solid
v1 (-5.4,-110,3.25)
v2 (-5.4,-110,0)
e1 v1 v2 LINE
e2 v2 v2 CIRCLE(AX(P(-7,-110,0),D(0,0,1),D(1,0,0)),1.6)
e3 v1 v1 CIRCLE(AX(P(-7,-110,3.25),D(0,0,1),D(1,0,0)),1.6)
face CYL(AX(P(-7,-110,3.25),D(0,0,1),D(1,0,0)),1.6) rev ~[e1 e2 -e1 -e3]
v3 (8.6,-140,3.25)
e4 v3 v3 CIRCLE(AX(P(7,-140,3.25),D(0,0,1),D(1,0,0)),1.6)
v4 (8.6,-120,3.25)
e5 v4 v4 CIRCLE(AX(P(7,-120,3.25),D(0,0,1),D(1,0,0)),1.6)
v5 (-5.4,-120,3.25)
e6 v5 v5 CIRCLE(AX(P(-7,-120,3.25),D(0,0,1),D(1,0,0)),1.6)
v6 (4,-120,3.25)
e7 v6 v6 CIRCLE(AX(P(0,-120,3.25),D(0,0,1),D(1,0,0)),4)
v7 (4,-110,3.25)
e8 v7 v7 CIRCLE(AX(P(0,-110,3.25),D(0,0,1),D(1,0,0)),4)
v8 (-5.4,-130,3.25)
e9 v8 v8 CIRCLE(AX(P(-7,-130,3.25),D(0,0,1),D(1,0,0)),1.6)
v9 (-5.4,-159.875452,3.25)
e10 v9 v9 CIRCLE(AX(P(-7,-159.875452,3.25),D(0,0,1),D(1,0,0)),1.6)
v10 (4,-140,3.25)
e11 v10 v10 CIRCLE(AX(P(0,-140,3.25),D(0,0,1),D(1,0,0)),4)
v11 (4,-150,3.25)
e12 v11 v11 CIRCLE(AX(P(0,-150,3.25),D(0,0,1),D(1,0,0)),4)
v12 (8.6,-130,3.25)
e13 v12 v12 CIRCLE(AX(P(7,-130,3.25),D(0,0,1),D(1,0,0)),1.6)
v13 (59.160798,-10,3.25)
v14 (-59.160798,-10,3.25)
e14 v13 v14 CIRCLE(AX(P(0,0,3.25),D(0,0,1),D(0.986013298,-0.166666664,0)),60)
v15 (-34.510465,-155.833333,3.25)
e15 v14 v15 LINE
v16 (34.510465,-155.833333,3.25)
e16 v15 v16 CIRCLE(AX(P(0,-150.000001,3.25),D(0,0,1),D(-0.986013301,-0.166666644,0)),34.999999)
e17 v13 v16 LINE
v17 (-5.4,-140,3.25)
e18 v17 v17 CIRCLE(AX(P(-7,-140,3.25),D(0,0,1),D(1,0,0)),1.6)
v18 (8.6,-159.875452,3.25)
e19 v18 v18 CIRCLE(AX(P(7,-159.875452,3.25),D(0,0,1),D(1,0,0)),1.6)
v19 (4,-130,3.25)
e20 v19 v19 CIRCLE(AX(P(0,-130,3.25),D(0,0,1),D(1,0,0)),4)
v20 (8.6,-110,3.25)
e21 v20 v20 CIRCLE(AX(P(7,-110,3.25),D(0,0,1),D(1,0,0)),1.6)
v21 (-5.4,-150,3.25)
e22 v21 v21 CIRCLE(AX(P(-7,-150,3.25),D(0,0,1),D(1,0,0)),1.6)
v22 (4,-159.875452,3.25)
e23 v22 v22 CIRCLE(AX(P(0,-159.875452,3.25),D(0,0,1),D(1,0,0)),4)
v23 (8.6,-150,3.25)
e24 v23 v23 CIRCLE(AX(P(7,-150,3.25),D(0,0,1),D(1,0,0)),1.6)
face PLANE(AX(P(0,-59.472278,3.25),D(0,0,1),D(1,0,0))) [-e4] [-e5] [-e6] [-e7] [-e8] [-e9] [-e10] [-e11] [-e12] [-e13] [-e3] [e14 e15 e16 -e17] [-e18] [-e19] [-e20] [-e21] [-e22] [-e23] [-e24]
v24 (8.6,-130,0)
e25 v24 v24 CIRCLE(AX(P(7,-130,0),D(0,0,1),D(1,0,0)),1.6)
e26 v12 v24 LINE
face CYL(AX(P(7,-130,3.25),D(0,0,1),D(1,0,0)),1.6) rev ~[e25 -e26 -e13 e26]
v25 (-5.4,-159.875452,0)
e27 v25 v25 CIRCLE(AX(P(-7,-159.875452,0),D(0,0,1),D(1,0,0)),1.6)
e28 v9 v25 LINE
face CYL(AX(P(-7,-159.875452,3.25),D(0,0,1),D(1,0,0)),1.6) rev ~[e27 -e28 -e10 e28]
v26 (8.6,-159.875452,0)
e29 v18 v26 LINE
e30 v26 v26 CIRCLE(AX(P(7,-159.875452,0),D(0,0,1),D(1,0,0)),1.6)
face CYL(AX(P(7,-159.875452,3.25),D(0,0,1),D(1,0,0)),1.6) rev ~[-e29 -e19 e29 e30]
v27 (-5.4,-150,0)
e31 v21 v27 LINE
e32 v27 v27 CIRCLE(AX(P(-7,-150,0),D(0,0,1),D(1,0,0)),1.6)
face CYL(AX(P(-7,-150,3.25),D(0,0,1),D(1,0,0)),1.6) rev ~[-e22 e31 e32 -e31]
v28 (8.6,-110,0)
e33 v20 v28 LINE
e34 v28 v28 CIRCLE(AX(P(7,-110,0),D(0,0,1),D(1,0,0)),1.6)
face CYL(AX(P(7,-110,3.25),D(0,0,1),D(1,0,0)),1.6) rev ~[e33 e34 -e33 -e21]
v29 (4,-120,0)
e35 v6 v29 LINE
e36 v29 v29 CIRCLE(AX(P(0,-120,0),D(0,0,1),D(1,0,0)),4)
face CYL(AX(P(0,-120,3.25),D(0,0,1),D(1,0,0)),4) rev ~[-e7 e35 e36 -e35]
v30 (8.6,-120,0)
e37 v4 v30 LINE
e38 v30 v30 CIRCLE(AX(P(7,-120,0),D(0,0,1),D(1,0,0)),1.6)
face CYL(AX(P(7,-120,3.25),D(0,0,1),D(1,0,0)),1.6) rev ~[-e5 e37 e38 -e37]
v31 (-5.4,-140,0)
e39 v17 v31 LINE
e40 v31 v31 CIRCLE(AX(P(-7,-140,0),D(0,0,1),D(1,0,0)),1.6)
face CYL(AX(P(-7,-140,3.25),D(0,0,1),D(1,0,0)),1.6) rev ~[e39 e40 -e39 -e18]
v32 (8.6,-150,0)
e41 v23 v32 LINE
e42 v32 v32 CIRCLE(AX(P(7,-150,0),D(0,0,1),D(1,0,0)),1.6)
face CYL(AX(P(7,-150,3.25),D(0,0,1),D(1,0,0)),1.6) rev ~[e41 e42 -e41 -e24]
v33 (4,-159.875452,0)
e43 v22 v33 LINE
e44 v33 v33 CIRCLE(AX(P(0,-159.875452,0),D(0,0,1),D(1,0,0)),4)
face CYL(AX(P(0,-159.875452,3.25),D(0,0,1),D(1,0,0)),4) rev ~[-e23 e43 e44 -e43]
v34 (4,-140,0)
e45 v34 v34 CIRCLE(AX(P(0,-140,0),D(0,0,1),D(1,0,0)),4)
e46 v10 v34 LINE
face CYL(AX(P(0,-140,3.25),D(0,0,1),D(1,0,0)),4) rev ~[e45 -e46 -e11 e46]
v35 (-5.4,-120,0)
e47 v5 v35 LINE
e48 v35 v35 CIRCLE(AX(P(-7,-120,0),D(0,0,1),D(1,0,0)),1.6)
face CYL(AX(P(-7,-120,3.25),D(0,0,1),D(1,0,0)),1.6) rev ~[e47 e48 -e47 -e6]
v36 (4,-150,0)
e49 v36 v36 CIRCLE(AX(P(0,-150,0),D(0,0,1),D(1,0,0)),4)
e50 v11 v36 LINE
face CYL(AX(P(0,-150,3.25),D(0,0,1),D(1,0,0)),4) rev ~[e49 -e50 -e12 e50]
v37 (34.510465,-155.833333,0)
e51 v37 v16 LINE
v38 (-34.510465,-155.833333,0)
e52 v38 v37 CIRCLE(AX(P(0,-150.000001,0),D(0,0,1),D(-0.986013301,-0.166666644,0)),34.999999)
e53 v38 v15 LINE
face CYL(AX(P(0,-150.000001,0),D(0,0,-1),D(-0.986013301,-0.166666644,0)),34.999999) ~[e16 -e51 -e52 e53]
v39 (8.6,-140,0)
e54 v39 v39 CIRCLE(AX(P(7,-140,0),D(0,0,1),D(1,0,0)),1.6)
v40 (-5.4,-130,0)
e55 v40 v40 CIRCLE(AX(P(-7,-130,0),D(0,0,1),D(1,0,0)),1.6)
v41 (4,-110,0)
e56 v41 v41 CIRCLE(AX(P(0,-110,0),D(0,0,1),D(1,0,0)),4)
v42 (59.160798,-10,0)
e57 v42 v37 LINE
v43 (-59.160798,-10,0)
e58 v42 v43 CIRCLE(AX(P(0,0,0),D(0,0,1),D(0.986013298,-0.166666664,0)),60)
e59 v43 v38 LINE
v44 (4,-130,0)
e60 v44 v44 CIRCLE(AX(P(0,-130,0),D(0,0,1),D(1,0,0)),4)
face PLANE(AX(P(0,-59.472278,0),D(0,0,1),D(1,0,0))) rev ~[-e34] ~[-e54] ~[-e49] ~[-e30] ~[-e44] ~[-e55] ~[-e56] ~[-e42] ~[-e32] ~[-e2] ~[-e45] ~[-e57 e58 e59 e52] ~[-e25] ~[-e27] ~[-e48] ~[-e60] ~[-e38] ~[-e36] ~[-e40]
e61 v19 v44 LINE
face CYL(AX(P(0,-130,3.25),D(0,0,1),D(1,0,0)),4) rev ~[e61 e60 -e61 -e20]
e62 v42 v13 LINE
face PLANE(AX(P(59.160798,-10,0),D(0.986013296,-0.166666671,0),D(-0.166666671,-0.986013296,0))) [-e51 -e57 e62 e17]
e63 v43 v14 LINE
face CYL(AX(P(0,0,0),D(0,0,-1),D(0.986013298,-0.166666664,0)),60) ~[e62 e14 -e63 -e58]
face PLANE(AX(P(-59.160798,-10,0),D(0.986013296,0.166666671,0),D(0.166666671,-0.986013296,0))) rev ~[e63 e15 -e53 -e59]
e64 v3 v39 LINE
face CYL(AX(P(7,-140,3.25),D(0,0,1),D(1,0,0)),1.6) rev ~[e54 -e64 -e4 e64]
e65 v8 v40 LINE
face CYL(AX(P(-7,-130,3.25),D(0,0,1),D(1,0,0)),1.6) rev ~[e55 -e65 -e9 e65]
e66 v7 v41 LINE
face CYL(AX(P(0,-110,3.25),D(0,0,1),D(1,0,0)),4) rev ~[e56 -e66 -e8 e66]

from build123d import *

# Parameters (mm, degrees)
PAD_DEPTH     = 3.25
SKETCH001_R   = 4
SKETCH001_R_2 = 1.6
POCKET_DEPTH  = 3.5


with BuildPart() as part:
    # Sketch → Pad (new body)
    with BuildSketch(Plane.XY):
        with BuildLine():
            ThreePointArc((59.160798, -10), (0, 60), (-59.160798, -10))
            Line((-59.160798, -10), (-34.510465, -155.833333))
            ThreePointArc((-34.510465, -155.833333), (0, -185), (34.510465, -155.833333))
            Line((59.160798, -10), (34.510465, -155.833333))
        make_face()
    extrude(amount=PAD_DEPTH)

    # Sketch001 (on Face6 of Pad) → Pocket (cut)
    with BuildSketch(Plane.XY.offset(3.25)):
        with Locations((0, -150)):
            Circle(SKETCH001_R)
        with Locations((-7, -150)):
            Circle(SKETCH001_R_2)
        with Locations((7, -150)):
            Circle(SKETCH001_R_2)
        with Locations((0, -130)):
            Circle(SKETCH001_R)
        with Locations((7, -130)):
            Circle(SKETCH001_R_2)
        with Locations((-7, -130)):
            Circle(SKETCH001_R_2)
        with Locations((0, -140)):
            Circle(SKETCH001_R)
        with Locations((7, -140)):
            Circle(SKETCH001_R_2)
        with Locations((-7, -140)):
            Circle(SKETCH001_R_2)
        with Locations((0, -159.875452)):
            Circle(SKETCH001_R)
        with Locations((7, -159.875452)):
            Circle(SKETCH001_R_2)
        with Locations((-7, -159.875452)):
            Circle(SKETCH001_R_2)
        with Locations((0, -120)):
            Circle(SKETCH001_R)
        with Locations((7, -120)):
            Circle(SKETCH001_R_2)
        with Locations((-7, -120)):
            Circle(SKETCH001_R_2)
        with Locations((0, -110)):
            Circle(SKETCH001_R)
        with Locations((7, -110)):
            Circle(SKETCH001_R_2)
        with Locations((-7, -110)):
            Circle(SKETCH001_R_2)
    extrude(amount=-POCKET_DEPTH, mode=Mode.SUBTRACT)


solid = part.part
